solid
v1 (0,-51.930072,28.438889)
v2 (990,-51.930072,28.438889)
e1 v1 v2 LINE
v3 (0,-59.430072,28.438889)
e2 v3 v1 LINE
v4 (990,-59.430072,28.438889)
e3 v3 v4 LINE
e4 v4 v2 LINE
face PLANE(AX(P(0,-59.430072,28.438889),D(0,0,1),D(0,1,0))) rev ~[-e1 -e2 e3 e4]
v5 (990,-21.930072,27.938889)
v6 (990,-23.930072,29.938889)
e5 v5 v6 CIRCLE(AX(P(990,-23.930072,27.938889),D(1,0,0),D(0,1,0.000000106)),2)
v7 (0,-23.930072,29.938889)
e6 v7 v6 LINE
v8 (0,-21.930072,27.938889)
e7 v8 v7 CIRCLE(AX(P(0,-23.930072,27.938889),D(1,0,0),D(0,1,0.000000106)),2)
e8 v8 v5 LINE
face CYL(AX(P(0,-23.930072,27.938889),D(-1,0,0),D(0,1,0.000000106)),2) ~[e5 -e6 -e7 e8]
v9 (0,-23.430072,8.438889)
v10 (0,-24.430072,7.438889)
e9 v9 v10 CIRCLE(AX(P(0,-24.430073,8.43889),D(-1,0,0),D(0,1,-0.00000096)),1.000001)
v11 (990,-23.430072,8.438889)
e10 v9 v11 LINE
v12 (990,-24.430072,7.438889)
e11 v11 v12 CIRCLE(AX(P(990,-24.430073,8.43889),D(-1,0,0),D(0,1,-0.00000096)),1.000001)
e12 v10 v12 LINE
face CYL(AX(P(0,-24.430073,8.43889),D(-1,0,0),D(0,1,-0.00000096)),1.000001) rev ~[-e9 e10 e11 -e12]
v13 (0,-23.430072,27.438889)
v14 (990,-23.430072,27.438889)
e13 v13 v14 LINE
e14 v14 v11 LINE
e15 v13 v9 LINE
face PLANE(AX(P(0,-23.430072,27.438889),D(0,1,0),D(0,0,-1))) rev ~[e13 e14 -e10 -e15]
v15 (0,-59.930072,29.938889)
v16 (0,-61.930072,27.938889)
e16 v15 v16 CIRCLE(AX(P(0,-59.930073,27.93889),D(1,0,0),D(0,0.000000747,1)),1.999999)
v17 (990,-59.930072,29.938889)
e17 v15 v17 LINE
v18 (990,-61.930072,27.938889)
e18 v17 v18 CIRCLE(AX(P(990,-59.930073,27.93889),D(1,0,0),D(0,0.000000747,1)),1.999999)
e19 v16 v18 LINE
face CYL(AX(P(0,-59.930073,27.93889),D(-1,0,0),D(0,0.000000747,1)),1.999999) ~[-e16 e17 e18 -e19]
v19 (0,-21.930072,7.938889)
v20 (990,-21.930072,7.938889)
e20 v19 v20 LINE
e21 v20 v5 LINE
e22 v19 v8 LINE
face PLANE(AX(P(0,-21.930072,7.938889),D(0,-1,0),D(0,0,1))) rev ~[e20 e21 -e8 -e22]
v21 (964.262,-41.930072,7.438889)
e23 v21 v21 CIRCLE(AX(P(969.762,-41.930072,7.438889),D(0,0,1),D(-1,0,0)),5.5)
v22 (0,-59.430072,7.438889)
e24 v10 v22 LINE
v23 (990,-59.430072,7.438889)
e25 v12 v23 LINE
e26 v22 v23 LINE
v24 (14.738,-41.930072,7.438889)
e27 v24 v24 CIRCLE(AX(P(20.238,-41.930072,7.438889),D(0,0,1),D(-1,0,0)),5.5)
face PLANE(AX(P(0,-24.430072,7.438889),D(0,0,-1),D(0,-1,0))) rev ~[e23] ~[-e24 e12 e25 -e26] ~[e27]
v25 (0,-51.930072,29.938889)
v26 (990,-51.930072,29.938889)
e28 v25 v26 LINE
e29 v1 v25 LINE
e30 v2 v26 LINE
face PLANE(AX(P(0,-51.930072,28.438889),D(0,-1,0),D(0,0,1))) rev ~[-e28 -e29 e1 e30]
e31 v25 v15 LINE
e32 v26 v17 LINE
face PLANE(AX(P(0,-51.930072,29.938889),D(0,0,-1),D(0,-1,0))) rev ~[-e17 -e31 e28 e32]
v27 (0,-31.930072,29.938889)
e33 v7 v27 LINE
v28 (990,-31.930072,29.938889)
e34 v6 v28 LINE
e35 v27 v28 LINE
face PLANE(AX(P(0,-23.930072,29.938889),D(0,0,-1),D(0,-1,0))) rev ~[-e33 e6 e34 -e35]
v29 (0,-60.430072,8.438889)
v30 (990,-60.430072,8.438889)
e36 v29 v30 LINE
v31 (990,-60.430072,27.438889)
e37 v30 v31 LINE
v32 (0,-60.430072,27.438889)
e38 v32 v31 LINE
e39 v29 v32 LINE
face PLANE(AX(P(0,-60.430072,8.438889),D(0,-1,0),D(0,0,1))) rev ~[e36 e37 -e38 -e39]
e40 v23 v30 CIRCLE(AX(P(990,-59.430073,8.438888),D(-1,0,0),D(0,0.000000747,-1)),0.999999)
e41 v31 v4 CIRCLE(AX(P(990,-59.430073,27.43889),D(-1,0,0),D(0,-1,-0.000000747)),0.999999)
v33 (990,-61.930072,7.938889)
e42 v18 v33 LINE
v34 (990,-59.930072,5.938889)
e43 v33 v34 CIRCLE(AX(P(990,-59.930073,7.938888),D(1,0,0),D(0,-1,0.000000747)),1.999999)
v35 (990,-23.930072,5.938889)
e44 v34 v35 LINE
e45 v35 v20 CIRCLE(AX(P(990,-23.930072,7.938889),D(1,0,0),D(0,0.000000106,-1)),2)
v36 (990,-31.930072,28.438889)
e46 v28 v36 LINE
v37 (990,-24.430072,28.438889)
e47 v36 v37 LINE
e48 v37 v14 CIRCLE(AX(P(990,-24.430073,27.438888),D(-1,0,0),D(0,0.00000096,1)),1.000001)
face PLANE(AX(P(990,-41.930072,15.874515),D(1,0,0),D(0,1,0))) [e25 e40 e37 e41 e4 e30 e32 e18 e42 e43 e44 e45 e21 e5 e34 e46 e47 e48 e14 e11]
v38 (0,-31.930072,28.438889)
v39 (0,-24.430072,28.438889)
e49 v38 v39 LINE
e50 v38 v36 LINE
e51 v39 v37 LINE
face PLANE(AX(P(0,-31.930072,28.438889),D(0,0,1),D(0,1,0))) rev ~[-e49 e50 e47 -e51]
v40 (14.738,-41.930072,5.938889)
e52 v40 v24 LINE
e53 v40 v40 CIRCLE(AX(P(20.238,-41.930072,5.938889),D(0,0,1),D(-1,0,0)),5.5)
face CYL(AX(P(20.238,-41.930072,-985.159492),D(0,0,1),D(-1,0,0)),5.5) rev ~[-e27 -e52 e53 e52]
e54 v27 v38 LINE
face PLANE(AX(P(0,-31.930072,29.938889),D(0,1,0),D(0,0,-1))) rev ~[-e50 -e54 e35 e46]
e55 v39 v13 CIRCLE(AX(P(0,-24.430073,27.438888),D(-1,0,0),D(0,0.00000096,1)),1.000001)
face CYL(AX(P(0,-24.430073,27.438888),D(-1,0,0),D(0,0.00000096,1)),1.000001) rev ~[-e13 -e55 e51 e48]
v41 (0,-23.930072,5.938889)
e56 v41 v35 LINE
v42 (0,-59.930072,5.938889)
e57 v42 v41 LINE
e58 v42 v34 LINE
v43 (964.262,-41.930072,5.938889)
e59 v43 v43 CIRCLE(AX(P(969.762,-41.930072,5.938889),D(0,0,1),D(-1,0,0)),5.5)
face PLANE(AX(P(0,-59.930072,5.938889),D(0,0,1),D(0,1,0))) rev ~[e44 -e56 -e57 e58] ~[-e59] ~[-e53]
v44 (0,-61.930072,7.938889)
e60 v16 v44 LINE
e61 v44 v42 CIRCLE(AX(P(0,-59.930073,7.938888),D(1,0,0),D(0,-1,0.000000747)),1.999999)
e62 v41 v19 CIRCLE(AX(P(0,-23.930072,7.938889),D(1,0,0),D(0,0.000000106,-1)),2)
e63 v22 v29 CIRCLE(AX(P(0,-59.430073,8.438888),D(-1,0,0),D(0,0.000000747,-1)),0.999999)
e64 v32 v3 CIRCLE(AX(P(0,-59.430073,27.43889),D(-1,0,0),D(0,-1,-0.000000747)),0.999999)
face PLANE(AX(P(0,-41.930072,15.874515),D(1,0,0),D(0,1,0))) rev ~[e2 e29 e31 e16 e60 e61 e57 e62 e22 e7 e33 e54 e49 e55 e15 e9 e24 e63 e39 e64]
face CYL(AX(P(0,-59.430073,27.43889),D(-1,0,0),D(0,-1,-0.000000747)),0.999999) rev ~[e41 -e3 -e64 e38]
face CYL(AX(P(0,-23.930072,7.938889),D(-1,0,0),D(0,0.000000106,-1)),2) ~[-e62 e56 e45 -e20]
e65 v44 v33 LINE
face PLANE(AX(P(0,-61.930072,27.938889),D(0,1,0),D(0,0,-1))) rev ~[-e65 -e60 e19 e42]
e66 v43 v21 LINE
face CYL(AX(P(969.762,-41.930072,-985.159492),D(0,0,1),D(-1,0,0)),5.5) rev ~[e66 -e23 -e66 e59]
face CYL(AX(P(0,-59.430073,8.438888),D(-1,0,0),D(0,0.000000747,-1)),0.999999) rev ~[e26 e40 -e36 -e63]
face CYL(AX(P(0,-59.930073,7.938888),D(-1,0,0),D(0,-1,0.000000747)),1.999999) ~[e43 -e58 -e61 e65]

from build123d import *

# Parameters (mm, degrees)
F1_DEPTH = 990
F3_D     = 11


with BuildPart() as f1:
    # F0 (on Right) → F1 (new body)
    with BuildSketch(Plane.YZ):
        with BuildLine():
            ThreePointArc((-61.930072, 7.938889), (-61.344286, 6.524675), (-59.930072, 5.938889))
            Line((-59.930072, 5.938889), (-23.930072, 5.938889))
            ThreePointArc((-23.930072, 5.938889), (-22.515859, 6.524675), (-21.930072, 7.938889))
            Line((-21.930072, 7.938889), (-21.930072, 27.938889))
            ThreePointArc((-21.930072, 27.938889), (-22.515859, 29.353103), (-23.930072, 29.938889))
            Line((-23.930072, 29.938889), (-31.930072, 29.938889))
            Line((-31.930072, 29.938889), (-31.930072, 28.438889))
            Line((-31.930072, 28.438889), (-24.430072, 28.438889))
            ThreePointArc((-24.430072, 28.438889), (-23.722966, 28.145996), (-23.430072, 27.438889))
            Line((-23.430072, 27.438889), (-23.430072, 8.438889))
            ThreePointArc((-23.430072, 8.438889), (-23.722966, 7.731782), (-24.430072, 7.438889))
            Line((-24.430072, 7.438889), (-59.430072, 7.438889))
            ThreePointArc((-59.430072, 7.438889), (-60.137179, 7.731782), (-60.430072, 8.438889))
            Line((-60.430072, 8.438889), (-60.430072, 27.438889))
            ThreePointArc((-60.430072, 27.438889), (-60.137179, 28.145996), (-59.430072, 28.438889))
            Line((-59.430072, 28.438889), (-51.930072, 28.438889))
            Line((-51.930072, 28.438889), (-51.930072, 29.938889))
            Line((-51.930072, 29.938889), (-59.930072, 29.938889))
            ThreePointArc((-59.930072, 29.938889), (-61.344286, 29.353103), (-61.930072, 27.938889))
            Line((-61.930072, 27.938889), (-61.930072, 7.938889))
        make_face()
    extrude(amount=F1_DEPTH)

    # F3 (through all)
    with Locations(Plane(origin=(0, 0, 5.938889), x_dir=(1, 0, 0), z_dir=(0, 0, -1))):
        with Locations((969.762, 41.930072), (20.238, 41.930072)):
            Hole(F3_D / 2)


solid = f1.part
